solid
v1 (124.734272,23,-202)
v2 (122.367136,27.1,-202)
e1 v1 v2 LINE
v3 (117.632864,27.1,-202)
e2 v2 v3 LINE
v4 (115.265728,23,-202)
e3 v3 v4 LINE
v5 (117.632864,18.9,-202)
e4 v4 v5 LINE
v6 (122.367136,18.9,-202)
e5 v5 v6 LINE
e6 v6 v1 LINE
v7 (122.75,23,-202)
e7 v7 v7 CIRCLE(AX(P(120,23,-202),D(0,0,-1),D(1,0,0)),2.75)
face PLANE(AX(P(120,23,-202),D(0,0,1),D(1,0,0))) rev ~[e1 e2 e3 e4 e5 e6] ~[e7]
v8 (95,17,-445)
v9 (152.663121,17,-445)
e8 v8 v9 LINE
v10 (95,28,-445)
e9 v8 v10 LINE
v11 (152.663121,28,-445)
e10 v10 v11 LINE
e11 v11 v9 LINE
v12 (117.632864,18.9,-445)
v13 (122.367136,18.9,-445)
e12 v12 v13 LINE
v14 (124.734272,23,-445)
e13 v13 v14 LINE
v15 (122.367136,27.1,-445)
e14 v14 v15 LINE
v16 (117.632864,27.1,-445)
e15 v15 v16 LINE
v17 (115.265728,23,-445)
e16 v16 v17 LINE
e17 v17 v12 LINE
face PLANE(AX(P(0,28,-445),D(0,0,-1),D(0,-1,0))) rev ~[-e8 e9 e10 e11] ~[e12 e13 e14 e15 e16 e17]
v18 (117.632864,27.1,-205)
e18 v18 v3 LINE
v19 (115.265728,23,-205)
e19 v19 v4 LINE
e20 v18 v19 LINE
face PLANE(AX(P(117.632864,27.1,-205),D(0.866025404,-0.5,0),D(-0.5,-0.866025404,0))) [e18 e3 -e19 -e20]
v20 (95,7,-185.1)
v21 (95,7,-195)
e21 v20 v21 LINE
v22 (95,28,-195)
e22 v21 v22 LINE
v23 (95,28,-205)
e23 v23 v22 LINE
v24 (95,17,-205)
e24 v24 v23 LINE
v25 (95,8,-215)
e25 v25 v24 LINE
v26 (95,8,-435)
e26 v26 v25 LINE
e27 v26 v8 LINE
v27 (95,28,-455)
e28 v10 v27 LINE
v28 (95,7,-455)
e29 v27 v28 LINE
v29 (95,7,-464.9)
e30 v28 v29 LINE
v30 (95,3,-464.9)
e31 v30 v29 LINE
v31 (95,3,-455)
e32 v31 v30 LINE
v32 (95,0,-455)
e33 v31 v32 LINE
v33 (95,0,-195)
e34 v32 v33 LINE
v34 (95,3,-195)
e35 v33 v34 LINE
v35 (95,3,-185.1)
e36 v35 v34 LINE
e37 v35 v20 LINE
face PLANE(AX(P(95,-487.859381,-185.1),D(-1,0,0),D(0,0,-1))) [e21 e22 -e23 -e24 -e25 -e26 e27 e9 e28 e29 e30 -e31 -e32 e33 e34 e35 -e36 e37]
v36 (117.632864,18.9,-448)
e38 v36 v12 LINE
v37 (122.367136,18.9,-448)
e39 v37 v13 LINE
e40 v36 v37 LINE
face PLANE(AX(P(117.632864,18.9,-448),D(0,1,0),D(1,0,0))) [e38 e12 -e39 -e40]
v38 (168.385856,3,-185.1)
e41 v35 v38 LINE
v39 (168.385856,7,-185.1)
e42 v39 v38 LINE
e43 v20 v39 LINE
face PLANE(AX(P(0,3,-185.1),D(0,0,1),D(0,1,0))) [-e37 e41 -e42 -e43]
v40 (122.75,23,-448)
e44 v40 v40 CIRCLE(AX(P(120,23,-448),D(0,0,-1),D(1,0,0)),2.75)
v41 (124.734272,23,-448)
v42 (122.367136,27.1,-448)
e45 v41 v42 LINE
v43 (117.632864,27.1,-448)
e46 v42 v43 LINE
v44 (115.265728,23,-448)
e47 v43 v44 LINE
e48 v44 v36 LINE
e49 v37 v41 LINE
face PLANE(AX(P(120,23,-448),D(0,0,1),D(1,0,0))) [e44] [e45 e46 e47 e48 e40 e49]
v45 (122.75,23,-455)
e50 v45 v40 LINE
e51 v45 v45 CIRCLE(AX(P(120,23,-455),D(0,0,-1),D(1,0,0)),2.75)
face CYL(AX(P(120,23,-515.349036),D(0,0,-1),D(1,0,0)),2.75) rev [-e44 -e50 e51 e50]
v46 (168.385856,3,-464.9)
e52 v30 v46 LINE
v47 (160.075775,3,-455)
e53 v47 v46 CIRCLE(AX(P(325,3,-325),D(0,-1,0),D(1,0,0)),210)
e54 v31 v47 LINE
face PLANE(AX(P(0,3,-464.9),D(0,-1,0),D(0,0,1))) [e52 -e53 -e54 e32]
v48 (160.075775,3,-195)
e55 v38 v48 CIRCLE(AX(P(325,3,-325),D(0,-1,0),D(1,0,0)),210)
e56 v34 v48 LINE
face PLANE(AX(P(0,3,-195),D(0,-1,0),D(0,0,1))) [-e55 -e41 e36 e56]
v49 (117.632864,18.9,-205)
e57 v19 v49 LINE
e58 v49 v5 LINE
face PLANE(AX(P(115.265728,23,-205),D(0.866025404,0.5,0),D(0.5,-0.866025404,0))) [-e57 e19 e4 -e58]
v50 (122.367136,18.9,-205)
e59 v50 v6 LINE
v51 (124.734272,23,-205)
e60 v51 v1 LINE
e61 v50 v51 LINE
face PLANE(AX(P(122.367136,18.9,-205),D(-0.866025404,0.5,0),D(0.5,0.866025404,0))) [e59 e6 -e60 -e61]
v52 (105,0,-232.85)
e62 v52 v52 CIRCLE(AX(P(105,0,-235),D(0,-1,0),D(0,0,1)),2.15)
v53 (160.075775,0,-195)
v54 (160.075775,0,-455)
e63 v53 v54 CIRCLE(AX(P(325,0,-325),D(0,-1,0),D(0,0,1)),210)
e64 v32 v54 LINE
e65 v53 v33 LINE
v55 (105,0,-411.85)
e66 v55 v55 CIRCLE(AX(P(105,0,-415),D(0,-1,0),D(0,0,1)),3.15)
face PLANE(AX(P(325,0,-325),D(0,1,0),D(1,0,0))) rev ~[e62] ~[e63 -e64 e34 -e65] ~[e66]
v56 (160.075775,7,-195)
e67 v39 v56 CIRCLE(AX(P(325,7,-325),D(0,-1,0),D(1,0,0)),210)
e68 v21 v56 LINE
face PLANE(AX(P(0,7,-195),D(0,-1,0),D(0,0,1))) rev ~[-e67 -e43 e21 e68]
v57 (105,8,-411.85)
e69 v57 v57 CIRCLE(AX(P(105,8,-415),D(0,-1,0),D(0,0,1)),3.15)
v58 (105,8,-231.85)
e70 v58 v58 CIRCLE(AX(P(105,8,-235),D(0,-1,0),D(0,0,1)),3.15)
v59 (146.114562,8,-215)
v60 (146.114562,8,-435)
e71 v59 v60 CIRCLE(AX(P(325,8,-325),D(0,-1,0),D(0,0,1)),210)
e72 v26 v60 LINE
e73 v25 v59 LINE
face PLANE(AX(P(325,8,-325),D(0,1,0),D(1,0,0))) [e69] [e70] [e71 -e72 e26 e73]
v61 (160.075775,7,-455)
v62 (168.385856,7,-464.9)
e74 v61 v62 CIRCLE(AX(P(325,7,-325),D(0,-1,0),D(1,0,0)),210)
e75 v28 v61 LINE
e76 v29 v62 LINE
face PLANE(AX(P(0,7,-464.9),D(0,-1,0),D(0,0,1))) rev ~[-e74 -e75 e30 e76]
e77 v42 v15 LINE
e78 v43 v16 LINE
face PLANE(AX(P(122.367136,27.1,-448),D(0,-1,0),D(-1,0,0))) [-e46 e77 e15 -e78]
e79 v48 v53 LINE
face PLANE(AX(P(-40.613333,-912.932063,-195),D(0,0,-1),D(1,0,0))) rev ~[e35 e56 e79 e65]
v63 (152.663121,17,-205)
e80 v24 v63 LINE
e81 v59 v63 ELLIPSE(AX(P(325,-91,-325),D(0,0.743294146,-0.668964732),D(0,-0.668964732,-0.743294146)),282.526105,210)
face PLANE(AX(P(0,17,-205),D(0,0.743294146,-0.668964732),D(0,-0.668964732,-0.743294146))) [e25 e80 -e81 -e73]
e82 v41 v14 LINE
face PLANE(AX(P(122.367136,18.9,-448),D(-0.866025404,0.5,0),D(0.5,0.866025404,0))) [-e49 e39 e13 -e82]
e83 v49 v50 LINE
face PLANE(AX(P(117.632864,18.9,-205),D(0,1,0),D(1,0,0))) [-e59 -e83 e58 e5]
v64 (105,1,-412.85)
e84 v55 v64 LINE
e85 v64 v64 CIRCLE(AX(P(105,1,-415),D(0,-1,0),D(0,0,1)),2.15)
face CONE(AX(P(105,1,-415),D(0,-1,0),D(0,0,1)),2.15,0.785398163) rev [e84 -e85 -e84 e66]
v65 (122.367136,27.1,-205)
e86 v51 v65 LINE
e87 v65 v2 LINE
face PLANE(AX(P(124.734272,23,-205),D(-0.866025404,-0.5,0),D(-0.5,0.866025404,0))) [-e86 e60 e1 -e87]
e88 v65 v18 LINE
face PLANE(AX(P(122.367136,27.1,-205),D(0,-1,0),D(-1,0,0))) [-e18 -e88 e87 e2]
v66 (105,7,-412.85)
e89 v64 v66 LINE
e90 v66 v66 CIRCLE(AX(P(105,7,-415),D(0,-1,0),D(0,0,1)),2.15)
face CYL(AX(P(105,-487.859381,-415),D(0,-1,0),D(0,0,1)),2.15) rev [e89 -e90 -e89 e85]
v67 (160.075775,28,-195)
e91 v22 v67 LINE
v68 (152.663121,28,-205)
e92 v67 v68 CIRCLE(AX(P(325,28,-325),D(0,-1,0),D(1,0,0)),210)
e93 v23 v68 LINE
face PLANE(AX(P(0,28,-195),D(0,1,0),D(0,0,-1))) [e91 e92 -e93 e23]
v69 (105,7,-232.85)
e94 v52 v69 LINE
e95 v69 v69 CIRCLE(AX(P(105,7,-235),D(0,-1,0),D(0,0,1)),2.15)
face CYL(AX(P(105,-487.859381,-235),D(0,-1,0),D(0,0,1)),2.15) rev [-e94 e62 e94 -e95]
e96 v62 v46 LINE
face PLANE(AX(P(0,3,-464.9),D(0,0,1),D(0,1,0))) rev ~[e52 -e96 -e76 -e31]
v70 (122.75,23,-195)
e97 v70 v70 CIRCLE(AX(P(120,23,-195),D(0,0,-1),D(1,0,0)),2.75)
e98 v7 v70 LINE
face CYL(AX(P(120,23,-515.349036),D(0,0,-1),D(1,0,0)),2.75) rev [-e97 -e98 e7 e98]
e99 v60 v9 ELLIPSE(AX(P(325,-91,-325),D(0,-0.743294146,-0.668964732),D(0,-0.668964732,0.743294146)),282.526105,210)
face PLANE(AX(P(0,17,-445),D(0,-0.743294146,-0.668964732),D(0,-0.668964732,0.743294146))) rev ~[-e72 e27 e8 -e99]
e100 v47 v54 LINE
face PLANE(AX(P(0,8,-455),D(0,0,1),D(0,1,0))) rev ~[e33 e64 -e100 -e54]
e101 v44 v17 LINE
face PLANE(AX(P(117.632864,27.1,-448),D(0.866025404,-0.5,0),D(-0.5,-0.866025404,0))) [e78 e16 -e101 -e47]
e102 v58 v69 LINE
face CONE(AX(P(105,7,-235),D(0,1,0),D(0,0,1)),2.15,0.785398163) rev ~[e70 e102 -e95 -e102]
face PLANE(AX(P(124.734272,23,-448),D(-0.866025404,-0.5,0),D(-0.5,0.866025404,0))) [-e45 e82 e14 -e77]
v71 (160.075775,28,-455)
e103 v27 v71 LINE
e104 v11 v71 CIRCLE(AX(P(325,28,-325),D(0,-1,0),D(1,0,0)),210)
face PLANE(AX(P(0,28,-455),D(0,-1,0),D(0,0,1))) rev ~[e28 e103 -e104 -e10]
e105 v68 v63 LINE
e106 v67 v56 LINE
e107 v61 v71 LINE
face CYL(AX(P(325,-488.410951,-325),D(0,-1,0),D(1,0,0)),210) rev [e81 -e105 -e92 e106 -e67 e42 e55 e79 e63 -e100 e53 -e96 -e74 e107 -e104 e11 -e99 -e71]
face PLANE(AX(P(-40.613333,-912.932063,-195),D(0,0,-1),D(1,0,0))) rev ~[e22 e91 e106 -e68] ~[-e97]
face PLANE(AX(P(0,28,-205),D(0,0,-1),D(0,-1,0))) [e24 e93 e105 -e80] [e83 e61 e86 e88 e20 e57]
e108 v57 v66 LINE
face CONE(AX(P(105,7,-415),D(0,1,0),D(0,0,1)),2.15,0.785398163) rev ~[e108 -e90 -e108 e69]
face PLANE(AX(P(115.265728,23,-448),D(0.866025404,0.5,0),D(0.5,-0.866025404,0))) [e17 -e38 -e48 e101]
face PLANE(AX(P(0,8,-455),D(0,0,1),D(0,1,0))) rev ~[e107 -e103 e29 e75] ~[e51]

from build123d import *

# Parameters (mm, degrees)
SKETCH1_W                = 650
SKETCH1_H                = 650
BOSS_EXTRUDE1_DEPTH      = 8
BOSS_EXTRUDE2_DEPTH      = 650
CUT_EXTRUDE2_DEPTH       = 921.277302922
CUT_EXTRUDE2_DEPTH_BACK  = 921.277302922
SKETCH4_R                = 11
CUT_EXTRUDE1_DEPTH       = 920.932062709
CUT_EXTRUDE1_DEPTH_BACK  = 920.932062709
SKETCH2_R                = 210
CUT_EXTRUDE3_DEPTH       = 921.277302998
CUT_EXTRUDE3_DEPTH_BACK  = 110
CUT_EXTRUDE4_DEPTH       = 110
CUT_EXTRUDE5_DEPTH       = 920.932062713
CUT_EXTRUDE5_DEPTH_BACK  = 920.932062713
SKETCH7_OUTSIDE_W        = 836.056
SKETCH7_OUTSIDE_H        = 836.056
BOSS_EXTRUDE3_DEPTH      = 170
SKETCH11_W               = 9.9
SKETCH11_H               = 4
BOSS_EXTRUDE4_DEPTH      = 170
CUT_EXTRUDE7_DEPTH       = 496.410950626
CUT_EXTRUDE7_DEPTH_BACK  = 496.410950626
SKETCH10_R               = 210
CUT_EXTRUDE8_DEPTH       = 320.349035711
CUT_EXTRUDE8_DEPTH_BACK  = 320.349035711
SKETCH12_R               = 2.75
SKETCH12_R_2             = 2.2
CUT_EXTRUDE9_DEPTH       = 495.859380642
CUT_EXTRUDE9_DEPTH_BACK  = 495.859380642
SKETCH13_W               = 95
SKETCH13_H               = 279.8
CUT_EXTRUDE10_DEPTH      = 495.859380642
CUT_EXTRUDE10_DEPTH_BACK = 495.859380642
SKETCH14_R               = 2.15
CHAMFER1_SIZE            = 1
CUT_EXTRUDE11_DEPTH      = 3
LPATTERN1_COUNT          = 2
LPATTERN1_PITCH          = 243


with BuildPart() as part:
    # Sketch1 → Boss-Extrude1 (new body)
    with BuildSketch(Plane(origin=(0, 0, 0), x_dir=(1, 0, 0), z_dir=(0, 1, 0))):
        with Locations((325, 325)):
            Rectangle(SKETCH1_W, SKETCH1_H)
    extrude(amount=BOSS_EXTRUDE1_DEPTH)

    # Sketch3 → Boss-Extrude2 (add)
    with BuildSketch(Plane.XY):
        Polygon((300, 43.707142143), (350, 43.707142143), (385, 8), (265, 8), align=None)
    extrude(amount=-BOSS_EXTRUDE2_DEPTH)

    # Sketch4 → Cut-Extrude2 (cut, two sides: drawn at the far end of the back side and taken through both)
    with BuildSketch(Plane.XY.offset(-CUT_EXTRUDE2_DEPTH_BACK)):
        with Locations((325, 22)):
            Circle(SKETCH4_R)
    extrude(amount=CUT_EXTRUDE2_DEPTH + CUT_EXTRUDE2_DEPTH_BACK, mode=Mode.SUBTRACT)

    # Sketch2 → Cut-Extrude1 (cut, two sides: drawn at the far end of the back side and taken through both)
    with BuildSketch(Plane(origin=(0, 8, 0), x_dir=(1, 0, 0), z_dir=(0, 1, 0)).offset(-CUT_EXTRUDE1_DEPTH_BACK)):
        with Locations(Location((325, 325, 0), (0, 0, 270))):
            Circle(SKETCH2_R)
    extrude(amount=CUT_EXTRUDE1_DEPTH + CUT_EXTRUDE1_DEPTH_BACK, mode=Mode.SUBTRACT)

    # Sketch5 → Cut-Extrude3 (cut, two sides: drawn at the far end of the back side and taken through both)
    with BuildSketch(Plane.XY.offset(-CUT_EXTRUDE3_DEPTH_BACK)):
        Polygon((300, 43.707142143), (350, 43.707142143), (365.396078824, 28), (350, 28), (350, 8), (300, 8), (300, 28), (284.603921176, 28), align=None)
    extrude(amount=CUT_EXTRUDE3_DEPTH + CUT_EXTRUDE3_DEPTH_BACK, mode=Mode.SUBTRACT)

    # Sketch6 → Cut-Extrude4 (cut)
    with BuildSketch(Plane(origin=(0, 0, -650), x_dir=(-1, 0, 0), z_dir=(0, 0, -1))):
        Polygon((-350, 43.707142143), (-300, 43.707142143), (-284.603921176, 28), (-300, 28), (-300, 8), (-350, 8), (-350, 28), (-365.396078824, 28), align=None)
    extrude(amount=-CUT_EXTRUDE4_DEPTH, mode=Mode.SUBTRACT)

    # Sketch7 outside → Cut-Extrude5 (cut, two sides: drawn at the far end of the back side and taken through both)
    with BuildSketch(Plane(origin=(0, 8, 0), x_dir=(1, 0, 0), z_dir=(0, 1, 0)).offset(-CUT_EXTRUDE5_DEPTH_BACK)):
        with Locations((325, 325)):
            Rectangle(SKETCH7_OUTSIDE_W, SKETCH7_OUTSIDE_H)
        Polygon((195, 455), (-124.314954955, 455), (-40.613333333, 195), (195, 195), align=None, mode=Mode.SUBTRACT)
    extrude(amount=CUT_EXTRUDE5_DEPTH + CUT_EXTRUDE5_DEPTH_BACK, mode=Mode.SUBTRACT)

    # Sketch8 → Boss-Extrude3 (add)
    with BuildSketch(Plane.ZY):
        Polygon((-455, 8), (-455, 28), (-445, 28), (-445, 17), (-435, 8), align=None)
        Polygon((-195, 8), (-195, 28), (-205, 28), (-205, 17), (-215, 8), align=None)
    extrude(amount=-BOSS_EXTRUDE3_DEPTH)

    # Sketch11 → Boss-Extrude4 (add)
    with BuildSketch(Plane.ZY):
        with Locations((-459.95, 5)):
            Rectangle(SKETCH11_W, SKETCH11_H)
        with Locations((-190.05, 5)):
            Rectangle(SKETCH11_W, SKETCH11_H)
    extrude(amount=-BOSS_EXTRUDE4_DEPTH)

    # Sketch10 → Cut-Extrude7 (cut, two sides: drawn at the far end of the back side and taken through both)
    with BuildSketch(Plane(origin=(0, 8, 0), x_dir=(1, 0, 0), z_dir=(0, 1, 0)).offset(-CUT_EXTRUDE7_DEPTH_BACK)):
        with Locations((325, 325)):
            Circle(SKETCH10_R)
    extrude(amount=CUT_EXTRUDE7_DEPTH + CUT_EXTRUDE7_DEPTH_BACK, mode=Mode.SUBTRACT)

    # Sketch12 → Cut-Extrude8 (cut, two sides: drawn at the far end of the back side and taken through both)
    with BuildSketch(Plane.XY.offset(-195).offset(-CUT_EXTRUDE8_DEPTH_BACK)):
        with Locations((40, 23)):
            Circle(SKETCH12_R)
        with Locations((80, 23)):
            Circle(SKETCH12_R_2)
        with Locations((120, 23)):
            Circle(SKETCH12_R)
    extrude(amount=CUT_EXTRUDE8_DEPTH + CUT_EXTRUDE8_DEPTH_BACK, mode=Mode.SUBTRACT)

    # Sketch13 → Cut-Extrude9 (cut, two sides: drawn at the far end of the back side and taken through both)
    with BuildSketch(Plane(origin=(0, 8, 0), x_dir=(1, 0, 0), z_dir=(0, 1, 0)).offset(-CUT_EXTRUDE9_DEPTH_BACK)):
        with Locations((47.5, 325)):
            Rectangle(SKETCH13_W, SKETCH13_H)
    extrude(amount=CUT_EXTRUDE9_DEPTH + CUT_EXTRUDE9_DEPTH_BACK, mode=Mode.SUBTRACT)

    # Sketch14 → Cut-Extrude10 (cut, two sides: drawn at the far end of the back side and taken through both)
    with BuildSketch(Plane(origin=(0, 8, 0), x_dir=(1, 0, 0), z_dir=(0, 1, 0)).offset(-CUT_EXTRUDE10_DEPTH_BACK)):
        with Locations(Location((105, 235, 0), (0, 0, 270))):
            Circle(SKETCH14_R)
        with Locations(Location((105, 415, 0), (0, 0, 270))):
            Circle(SKETCH14_R)
    extrude(amount=CUT_EXTRUDE10_DEPTH + CUT_EXTRUDE10_DEPTH_BACK, mode=Mode.SUBTRACT)

    # Chamfer1
    chamfer1_edges = [part.edges().sort_by_distance(p)[0] for p in [
        (105, 8, -237.15),
        (105, 0, -417.15),
        (105, 8, -417.15),
    ]]
    chamfer(chamfer1_edges, length=CHAMFER1_SIZE)

    # Sketch15 → Cut-Extrude11 (cut)
    with BuildSketch(Plane(origin=(0, 0, -205), x_dir=(-1, 0, 0), z_dir=(0, 0, -1))):
        Polygon((-122.367136104, 27.1), (-117.632863896, 27.1), (-115.265727793, 23), (-117.632863896, 18.9), (-122.367136104, 18.9), (-124.734272207, 23), align=None)
    cut_extrude11 = extrude(amount=-CUT_EXTRUDE11_DEPTH, mode=Mode.SUBTRACT)

    # LPattern1: Cut-Extrude11 ×2
    with Locations(*[(0, 0, -i * LPATTERN1_PITCH) for i in range(1, LPATTERN1_COUNT)]):
        add(cut_extrude11, mode=Mode.SUBTRACT)


solid = part.part
